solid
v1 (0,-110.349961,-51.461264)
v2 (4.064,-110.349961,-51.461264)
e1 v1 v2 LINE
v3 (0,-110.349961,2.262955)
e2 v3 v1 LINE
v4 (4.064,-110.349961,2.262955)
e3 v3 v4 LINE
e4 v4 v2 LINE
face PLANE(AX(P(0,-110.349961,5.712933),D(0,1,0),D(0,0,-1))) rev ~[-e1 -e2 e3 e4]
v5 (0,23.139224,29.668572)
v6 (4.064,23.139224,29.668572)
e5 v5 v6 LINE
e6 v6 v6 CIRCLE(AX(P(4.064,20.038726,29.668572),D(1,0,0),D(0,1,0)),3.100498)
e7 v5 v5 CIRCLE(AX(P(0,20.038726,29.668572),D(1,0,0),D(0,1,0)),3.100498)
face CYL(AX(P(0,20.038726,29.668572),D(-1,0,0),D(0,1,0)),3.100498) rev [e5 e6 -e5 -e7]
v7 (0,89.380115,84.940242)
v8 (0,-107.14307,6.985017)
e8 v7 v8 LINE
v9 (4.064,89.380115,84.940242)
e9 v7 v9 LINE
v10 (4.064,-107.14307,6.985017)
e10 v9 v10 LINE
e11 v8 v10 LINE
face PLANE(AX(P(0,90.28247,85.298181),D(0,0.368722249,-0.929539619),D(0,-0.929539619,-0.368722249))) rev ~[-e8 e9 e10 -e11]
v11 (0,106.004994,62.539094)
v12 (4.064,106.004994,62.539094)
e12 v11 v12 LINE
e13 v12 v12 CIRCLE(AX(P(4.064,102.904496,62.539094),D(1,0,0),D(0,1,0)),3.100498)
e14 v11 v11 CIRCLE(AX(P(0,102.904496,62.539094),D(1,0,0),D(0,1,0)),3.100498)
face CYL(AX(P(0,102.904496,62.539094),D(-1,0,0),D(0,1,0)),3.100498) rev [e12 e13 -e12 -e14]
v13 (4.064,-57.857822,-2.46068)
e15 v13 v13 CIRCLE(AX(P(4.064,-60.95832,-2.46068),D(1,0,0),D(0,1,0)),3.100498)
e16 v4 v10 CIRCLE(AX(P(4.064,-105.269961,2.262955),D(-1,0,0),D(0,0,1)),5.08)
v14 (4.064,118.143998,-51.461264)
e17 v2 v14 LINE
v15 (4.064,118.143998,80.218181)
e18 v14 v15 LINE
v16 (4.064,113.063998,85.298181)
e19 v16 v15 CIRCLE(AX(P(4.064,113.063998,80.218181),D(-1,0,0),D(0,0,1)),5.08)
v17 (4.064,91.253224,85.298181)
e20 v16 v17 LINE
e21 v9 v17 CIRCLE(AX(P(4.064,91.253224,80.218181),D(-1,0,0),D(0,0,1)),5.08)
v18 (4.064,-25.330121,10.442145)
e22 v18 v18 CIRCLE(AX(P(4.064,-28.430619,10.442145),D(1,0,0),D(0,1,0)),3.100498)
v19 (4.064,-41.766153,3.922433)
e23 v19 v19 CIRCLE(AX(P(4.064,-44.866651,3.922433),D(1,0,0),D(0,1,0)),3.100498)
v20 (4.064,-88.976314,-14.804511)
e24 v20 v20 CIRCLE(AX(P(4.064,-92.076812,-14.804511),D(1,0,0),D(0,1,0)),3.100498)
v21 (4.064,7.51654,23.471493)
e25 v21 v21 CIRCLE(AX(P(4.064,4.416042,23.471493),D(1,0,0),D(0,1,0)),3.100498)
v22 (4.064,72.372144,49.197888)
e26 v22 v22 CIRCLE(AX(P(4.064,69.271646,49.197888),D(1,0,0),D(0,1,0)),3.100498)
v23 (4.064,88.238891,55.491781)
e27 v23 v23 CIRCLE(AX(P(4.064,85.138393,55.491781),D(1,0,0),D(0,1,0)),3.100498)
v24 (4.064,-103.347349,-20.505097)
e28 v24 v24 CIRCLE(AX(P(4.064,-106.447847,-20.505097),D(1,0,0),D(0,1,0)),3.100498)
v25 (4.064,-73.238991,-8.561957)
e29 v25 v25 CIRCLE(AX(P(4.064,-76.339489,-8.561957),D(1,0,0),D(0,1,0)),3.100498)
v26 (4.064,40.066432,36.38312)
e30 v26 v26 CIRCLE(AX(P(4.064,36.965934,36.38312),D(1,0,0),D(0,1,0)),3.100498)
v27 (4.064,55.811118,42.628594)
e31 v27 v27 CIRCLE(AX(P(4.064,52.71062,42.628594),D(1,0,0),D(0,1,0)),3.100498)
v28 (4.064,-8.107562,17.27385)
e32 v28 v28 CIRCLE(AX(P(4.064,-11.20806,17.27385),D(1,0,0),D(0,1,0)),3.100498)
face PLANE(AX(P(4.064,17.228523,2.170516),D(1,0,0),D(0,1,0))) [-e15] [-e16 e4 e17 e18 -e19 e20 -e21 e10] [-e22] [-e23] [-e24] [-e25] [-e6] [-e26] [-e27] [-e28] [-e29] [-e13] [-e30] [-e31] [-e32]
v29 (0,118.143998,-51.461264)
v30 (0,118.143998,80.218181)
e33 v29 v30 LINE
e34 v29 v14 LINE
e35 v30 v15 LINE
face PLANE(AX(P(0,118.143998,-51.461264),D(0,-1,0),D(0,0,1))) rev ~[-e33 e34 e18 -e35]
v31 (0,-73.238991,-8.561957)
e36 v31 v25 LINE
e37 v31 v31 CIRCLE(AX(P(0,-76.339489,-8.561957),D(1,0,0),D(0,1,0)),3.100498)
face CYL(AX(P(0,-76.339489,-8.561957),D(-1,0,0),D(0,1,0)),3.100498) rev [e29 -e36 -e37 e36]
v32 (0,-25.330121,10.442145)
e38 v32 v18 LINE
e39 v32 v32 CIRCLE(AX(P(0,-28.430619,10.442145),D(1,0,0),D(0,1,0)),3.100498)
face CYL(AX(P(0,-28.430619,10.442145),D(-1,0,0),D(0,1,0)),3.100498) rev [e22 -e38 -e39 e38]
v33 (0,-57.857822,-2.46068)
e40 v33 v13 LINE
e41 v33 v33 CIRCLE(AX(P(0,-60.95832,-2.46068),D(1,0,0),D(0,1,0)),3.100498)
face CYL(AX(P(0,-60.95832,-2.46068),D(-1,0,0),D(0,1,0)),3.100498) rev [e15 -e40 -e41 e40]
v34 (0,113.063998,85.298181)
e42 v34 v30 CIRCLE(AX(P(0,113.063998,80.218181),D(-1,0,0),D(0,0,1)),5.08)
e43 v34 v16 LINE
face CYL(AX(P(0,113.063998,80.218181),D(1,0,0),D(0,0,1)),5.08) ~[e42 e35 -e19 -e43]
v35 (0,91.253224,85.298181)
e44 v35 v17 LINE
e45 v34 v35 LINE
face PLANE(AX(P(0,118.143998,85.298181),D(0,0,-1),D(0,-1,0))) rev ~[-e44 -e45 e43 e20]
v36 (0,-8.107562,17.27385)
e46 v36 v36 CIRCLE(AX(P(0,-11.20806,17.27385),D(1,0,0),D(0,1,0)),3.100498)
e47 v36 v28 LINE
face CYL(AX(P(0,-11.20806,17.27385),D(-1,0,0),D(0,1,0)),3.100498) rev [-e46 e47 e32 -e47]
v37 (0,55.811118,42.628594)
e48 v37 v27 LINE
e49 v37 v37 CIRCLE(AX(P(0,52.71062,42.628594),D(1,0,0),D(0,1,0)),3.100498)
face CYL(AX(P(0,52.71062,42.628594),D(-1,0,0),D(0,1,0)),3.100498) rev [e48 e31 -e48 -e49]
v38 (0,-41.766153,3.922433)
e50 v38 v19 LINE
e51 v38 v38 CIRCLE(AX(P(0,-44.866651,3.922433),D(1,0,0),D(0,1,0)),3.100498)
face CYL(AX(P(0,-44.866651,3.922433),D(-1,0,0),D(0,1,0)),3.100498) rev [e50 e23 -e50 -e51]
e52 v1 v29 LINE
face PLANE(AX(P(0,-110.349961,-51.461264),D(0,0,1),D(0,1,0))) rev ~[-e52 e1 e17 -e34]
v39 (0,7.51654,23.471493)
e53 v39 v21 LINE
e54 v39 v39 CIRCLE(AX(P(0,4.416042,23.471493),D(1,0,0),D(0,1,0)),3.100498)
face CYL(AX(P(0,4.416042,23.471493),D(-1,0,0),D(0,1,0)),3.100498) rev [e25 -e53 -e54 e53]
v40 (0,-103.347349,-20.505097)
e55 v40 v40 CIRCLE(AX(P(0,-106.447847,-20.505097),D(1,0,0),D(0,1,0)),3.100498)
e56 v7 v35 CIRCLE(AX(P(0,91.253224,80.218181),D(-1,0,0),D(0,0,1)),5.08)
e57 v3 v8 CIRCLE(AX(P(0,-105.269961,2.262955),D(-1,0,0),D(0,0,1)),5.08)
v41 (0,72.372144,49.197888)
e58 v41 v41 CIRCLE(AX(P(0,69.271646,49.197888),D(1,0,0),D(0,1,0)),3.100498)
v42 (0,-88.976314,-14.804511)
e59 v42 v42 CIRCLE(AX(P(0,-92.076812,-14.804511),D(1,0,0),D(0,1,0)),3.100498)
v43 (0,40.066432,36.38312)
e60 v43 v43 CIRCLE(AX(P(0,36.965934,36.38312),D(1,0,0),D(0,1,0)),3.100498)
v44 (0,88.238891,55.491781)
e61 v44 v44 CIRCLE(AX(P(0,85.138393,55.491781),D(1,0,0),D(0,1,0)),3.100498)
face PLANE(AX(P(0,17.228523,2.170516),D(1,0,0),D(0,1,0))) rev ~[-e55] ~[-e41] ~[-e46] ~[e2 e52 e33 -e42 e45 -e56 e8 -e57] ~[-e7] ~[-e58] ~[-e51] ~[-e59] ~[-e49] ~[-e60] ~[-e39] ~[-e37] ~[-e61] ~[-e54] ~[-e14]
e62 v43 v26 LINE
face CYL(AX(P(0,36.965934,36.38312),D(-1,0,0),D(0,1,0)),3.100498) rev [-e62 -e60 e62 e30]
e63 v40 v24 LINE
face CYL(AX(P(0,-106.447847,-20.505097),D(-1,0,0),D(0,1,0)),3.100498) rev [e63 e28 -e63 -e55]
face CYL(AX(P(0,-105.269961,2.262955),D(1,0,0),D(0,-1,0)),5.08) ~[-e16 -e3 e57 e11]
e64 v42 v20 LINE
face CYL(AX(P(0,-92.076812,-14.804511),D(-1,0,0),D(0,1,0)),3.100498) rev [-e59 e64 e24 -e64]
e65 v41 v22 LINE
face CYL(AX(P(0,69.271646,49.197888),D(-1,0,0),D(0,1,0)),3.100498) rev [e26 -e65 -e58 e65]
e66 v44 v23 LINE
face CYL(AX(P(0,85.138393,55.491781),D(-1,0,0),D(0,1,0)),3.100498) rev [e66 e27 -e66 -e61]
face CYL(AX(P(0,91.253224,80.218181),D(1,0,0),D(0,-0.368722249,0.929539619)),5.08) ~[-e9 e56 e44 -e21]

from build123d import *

# Parameters (mm, degrees)
F0_R     = 3.100498
F1_DEPTH = 4.064
F2_R     = 5.08


with BuildPart() as f1:
    # F0 (on Right) → F1 (new body)
    with BuildSketch(Plane.YZ):
        Polygon((-110.349961, 5.712933), (-110.349961, -51.461264), (118.143998, -51.461264), (118.143998, 85.298181), (90.28247, 85.298181), align=None)
        with Locations((-106.447847, -20.505097)):
            Circle(F0_R, mode=Mode.SUBTRACT)
        with Locations((-92.076812, -14.804511)):
            Circle(F0_R, mode=Mode.SUBTRACT)
        with Locations((-76.339489, -8.561957)):
            Circle(F0_R, mode=Mode.SUBTRACT)
        with Locations((-60.95832, -2.46068)):
            Circle(F0_R, mode=Mode.SUBTRACT)
        with Locations((-44.866651, 3.922433)):
            Circle(F0_R, mode=Mode.SUBTRACT)
        with Locations((-28.430619, 10.442145)):
            Circle(F0_R, mode=Mode.SUBTRACT)
        with Locations((-11.20806, 17.27385)):
            Circle(F0_R, mode=Mode.SUBTRACT)
        with Locations((4.416042, 23.471493)):
            Circle(F0_R, mode=Mode.SUBTRACT)
        with Locations((20.038726, 29.668572)):
            Circle(F0_R, mode=Mode.SUBTRACT)
        with Locations((36.965934, 36.38312)):
            Circle(F0_R, mode=Mode.SUBTRACT)
        with Locations((52.71062, 42.628594)):
            Circle(F0_R, mode=Mode.SUBTRACT)
        with Locations((69.271646, 49.197888)):
            Circle(F0_R, mode=Mode.SUBTRACT)
        with Locations((85.138393, 55.491781)):
            Circle(F0_R, mode=Mode.SUBTRACT)
        with Locations((102.904496, 62.539094)):
            Circle(F0_R, mode=Mode.SUBTRACT)
    extrude(amount=F1_DEPTH)

    # F2
    f2_edges = [f1.edges().sort_by_distance(p)[0] for p in [
        (2.032, -110.349961, 5.712933),
        (2.032, 118.143998, 85.298181),
        (2.032, 90.28247, 85.298181),
    ]]
    fillet(f2_edges, radius=F2_R)


solid = f1.part
